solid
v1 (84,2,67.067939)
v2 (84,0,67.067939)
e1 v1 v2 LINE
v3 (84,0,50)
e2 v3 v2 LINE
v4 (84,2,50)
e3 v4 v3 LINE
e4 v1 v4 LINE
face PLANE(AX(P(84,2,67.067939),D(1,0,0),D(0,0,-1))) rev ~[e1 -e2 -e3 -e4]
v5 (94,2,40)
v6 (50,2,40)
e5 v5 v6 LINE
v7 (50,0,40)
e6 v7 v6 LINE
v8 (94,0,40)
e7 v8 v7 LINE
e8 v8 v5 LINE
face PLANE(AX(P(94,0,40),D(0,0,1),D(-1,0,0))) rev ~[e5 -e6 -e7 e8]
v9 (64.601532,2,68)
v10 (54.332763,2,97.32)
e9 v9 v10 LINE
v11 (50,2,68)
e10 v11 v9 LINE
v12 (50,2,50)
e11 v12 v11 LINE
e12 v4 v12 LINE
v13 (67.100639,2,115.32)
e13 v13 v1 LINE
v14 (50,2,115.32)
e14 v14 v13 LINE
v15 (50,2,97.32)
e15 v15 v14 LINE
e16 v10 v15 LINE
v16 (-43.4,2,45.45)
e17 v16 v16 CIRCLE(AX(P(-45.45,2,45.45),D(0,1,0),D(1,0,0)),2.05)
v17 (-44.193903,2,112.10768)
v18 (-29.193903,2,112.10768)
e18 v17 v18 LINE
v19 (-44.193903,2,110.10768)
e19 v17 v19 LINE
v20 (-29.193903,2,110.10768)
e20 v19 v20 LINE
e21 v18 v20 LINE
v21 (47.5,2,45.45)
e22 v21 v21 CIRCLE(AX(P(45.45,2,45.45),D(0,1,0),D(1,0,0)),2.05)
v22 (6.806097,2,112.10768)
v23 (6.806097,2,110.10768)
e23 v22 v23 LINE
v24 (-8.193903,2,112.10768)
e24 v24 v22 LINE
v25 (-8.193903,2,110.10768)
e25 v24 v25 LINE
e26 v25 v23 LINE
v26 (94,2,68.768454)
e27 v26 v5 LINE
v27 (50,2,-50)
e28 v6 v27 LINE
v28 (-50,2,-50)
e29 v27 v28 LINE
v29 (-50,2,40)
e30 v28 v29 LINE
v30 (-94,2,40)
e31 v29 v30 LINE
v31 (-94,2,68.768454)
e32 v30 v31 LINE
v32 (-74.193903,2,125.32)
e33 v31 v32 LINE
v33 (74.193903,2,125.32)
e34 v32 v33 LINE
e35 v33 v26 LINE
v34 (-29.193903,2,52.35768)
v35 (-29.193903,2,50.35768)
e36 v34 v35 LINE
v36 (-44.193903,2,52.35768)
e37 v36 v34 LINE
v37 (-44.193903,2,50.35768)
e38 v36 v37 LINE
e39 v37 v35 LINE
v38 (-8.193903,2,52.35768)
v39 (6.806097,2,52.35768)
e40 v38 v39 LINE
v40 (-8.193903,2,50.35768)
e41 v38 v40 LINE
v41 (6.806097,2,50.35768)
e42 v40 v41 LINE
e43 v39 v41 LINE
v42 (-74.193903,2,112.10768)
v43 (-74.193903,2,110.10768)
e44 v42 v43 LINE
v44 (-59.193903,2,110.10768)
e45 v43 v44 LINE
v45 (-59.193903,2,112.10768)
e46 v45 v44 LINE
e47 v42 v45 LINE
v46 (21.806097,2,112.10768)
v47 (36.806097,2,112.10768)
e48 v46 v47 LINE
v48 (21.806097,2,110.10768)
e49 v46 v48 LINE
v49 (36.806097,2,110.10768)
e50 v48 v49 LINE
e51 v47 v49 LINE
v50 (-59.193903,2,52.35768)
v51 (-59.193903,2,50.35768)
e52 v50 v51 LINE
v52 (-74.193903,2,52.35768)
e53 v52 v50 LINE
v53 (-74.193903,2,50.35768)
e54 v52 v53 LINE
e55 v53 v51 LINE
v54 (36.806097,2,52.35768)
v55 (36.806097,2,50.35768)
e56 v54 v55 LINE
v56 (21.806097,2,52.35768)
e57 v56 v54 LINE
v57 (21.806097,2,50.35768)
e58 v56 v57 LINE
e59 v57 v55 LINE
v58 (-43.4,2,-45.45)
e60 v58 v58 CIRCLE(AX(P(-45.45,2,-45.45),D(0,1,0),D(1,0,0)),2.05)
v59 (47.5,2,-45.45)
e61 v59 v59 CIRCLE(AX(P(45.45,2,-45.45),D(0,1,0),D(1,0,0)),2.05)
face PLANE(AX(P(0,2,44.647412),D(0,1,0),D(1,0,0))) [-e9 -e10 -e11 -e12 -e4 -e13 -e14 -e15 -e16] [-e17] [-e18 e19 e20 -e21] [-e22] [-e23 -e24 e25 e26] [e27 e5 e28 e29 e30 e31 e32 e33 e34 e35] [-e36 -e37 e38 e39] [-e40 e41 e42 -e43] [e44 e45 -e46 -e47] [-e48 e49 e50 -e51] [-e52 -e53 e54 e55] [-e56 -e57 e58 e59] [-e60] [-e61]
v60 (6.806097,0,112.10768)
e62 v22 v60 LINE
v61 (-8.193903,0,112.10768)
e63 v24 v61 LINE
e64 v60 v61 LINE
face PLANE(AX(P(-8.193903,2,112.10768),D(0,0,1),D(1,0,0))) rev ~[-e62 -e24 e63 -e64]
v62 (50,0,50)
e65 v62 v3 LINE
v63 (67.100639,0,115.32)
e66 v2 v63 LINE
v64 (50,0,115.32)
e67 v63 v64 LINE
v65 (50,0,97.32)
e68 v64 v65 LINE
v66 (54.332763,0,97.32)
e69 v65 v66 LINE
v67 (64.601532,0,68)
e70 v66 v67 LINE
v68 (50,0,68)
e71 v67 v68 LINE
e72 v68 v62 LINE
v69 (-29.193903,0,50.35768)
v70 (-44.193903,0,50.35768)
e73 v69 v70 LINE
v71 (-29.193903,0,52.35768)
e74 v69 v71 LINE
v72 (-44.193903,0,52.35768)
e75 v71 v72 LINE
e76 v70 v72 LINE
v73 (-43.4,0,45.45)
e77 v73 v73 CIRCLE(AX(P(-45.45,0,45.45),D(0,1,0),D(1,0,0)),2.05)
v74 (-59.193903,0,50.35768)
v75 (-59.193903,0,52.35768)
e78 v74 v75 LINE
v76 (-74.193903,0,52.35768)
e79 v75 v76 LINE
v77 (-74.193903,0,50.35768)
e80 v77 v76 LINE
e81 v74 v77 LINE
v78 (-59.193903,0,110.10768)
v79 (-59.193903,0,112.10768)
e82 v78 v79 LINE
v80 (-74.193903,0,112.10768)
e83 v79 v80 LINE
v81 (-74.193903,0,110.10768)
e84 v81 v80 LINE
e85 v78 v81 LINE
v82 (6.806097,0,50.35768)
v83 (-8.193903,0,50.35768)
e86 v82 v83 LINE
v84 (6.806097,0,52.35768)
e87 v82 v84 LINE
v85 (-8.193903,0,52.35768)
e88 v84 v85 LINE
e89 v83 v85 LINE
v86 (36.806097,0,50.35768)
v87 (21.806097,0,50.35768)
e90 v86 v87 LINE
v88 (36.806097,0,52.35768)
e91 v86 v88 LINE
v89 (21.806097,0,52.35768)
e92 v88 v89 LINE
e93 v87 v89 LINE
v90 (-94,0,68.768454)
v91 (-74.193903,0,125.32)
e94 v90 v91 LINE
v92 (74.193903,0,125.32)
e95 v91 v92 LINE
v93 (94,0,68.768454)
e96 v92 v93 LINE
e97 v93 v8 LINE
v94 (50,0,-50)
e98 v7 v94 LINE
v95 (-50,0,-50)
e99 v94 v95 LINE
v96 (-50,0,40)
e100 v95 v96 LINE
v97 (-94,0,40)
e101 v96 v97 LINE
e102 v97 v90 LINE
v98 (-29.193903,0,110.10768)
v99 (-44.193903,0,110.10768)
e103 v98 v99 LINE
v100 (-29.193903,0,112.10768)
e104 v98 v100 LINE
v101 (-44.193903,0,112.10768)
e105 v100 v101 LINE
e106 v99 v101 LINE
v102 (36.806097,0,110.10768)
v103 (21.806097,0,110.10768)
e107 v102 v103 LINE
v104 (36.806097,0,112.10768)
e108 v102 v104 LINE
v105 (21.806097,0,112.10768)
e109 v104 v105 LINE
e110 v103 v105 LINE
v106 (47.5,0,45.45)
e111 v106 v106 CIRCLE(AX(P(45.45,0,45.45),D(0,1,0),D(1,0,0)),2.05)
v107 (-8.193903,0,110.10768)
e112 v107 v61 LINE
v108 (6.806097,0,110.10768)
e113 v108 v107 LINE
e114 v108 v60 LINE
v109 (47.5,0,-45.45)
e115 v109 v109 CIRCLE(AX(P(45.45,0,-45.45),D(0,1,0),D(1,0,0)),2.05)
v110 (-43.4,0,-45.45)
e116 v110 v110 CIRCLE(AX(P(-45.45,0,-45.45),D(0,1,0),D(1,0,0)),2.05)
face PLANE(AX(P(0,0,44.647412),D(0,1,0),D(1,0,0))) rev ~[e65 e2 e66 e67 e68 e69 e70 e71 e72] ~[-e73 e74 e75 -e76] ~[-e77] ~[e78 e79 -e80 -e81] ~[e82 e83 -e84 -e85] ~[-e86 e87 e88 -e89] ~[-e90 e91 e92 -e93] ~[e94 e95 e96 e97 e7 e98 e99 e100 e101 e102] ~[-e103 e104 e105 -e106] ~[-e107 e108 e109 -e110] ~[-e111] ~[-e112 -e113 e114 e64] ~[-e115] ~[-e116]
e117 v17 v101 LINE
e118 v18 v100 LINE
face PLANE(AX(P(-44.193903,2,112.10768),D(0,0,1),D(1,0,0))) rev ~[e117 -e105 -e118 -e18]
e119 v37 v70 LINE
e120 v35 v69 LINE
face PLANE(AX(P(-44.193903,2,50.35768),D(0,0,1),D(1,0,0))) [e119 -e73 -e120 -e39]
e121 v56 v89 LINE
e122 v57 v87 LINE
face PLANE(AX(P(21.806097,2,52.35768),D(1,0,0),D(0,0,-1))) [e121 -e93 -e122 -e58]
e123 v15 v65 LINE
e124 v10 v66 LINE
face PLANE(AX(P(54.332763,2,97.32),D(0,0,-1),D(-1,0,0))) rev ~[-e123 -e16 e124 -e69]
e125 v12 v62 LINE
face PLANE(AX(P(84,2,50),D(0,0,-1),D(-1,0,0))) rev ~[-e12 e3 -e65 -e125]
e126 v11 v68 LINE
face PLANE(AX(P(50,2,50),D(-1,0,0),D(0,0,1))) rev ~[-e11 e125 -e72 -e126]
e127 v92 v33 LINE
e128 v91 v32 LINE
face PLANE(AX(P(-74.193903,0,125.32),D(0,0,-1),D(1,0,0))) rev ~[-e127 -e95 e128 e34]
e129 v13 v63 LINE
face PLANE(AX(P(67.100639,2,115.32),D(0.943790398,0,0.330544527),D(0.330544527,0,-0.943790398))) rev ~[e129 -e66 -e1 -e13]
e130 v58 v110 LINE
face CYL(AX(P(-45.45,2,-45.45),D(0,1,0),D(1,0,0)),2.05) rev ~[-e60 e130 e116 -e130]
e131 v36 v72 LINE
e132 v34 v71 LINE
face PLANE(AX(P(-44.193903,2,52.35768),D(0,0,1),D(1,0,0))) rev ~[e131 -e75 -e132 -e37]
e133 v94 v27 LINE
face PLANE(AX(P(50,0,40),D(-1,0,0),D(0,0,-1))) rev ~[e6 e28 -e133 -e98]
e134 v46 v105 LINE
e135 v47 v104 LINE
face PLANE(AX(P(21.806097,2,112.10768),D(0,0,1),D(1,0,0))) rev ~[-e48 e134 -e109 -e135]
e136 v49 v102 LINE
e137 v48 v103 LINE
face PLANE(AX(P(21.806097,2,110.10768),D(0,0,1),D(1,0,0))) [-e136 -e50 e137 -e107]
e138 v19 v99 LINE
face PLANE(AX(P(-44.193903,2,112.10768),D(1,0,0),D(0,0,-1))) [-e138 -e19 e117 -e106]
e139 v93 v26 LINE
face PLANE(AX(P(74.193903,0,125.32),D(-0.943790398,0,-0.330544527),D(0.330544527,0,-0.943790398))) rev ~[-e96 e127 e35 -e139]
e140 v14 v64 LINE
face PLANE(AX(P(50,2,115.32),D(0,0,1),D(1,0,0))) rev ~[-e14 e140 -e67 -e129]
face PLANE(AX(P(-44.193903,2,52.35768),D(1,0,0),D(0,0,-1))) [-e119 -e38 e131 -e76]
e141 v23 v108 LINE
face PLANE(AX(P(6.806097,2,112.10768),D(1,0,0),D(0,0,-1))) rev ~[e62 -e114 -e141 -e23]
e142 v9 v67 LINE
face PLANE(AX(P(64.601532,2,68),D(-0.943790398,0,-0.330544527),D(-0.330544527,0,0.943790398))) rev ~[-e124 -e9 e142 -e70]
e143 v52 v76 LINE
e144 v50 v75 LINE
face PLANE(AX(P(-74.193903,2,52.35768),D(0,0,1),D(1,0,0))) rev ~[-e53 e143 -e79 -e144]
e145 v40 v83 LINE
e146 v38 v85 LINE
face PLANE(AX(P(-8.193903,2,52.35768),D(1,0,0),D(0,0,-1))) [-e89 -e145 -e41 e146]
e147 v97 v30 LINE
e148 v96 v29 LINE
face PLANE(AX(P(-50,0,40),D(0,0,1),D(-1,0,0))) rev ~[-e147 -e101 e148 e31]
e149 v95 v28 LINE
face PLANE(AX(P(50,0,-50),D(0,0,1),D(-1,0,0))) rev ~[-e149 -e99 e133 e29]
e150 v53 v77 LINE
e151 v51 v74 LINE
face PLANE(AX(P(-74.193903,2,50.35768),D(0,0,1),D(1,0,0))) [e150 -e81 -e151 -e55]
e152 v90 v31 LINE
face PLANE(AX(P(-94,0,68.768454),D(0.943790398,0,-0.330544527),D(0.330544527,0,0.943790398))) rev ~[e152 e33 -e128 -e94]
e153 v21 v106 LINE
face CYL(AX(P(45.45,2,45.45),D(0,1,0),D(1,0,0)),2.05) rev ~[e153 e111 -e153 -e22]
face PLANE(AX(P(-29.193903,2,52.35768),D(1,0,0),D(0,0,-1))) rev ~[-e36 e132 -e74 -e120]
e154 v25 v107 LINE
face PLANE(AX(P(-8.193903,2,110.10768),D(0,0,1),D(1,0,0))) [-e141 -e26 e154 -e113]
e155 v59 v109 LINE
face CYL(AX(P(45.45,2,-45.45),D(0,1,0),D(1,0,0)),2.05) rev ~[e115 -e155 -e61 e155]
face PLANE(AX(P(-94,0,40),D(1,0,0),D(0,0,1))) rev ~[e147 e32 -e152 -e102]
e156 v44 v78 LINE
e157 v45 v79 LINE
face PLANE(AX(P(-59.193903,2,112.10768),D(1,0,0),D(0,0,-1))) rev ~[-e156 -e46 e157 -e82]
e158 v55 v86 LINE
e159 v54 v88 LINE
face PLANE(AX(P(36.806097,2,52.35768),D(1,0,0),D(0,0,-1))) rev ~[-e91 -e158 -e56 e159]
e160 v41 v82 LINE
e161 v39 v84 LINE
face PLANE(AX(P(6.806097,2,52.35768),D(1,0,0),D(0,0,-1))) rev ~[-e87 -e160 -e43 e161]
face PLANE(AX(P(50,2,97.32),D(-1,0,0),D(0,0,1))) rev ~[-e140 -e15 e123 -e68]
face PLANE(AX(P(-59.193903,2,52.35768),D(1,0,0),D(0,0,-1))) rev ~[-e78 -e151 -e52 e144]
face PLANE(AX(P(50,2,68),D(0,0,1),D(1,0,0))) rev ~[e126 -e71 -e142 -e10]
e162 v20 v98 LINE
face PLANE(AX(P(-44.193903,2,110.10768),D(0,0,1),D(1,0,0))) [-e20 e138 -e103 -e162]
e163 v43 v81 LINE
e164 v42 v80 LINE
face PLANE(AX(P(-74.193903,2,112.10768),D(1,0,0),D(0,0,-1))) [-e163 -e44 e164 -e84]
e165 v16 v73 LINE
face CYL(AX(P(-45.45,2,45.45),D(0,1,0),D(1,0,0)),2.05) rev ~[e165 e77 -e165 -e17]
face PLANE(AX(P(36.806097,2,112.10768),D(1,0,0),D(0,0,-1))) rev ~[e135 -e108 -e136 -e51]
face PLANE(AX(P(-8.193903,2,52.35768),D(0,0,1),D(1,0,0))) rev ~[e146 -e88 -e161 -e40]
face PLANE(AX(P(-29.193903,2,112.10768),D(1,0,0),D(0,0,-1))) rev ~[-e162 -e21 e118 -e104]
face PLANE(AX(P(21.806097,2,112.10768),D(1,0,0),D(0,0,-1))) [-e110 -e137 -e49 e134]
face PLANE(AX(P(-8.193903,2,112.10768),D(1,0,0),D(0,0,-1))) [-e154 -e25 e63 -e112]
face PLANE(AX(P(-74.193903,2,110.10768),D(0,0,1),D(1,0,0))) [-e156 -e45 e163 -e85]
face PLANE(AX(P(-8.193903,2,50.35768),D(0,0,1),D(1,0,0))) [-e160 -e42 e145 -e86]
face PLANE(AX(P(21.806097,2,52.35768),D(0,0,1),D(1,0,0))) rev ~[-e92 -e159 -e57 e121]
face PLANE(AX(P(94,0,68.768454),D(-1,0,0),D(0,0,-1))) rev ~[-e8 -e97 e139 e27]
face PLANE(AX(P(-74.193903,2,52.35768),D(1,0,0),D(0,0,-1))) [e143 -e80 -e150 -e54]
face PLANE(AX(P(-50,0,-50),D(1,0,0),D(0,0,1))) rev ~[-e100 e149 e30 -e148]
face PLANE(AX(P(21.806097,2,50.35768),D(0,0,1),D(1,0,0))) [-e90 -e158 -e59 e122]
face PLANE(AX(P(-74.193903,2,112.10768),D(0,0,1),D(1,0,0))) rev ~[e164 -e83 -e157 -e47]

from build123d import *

# Parameters (mm, degrees)
SALIENTE_EXTRUIR1_DEPTH = 2
CROQUIS2_R              = 2.05
CORTAR_EXTRUIR1_DEPTH   = 3
CORTAR_EXTRUIR3_REACH   = 4
CORTAR_EXTRUIR4_REACH   = 4
CROQUIS5_W              = 15
CROQUIS5_H              = 2


with BuildPart() as part:
    # Croquis1 → Saliente-Extruir1 (new body)
    with BuildSketch(Plane(origin=(0, 0, 0), x_dir=(1, 0, 0), z_dir=(0, 1, 0))):
        Polygon((94, -40), (50, -40), (50, 50), (-50, 50), (-50, -40), (-94, -40), (-94, -68.768453788), (-74.193903104, -125.32), (74.193903104, -125.32), (94, -68.768453788), align=None)
    extrude(amount=SALIENTE_EXTRUIR1_DEPTH)

    # Croquis2 → Cortar-Extruir1 (cut, through all)
    with BuildSketch(Plane(origin=(0, 2, 0), x_dir=(1, 0, 0), z_dir=(0, 1, 0))):
        with Locations((-45.45, -45.45)):
            Circle(CROQUIS2_R)
        with Locations((45.45, -45.45)):
            Circle(CROQUIS2_R)
        with Locations((-45.45, 45.45)):
            Circle(CROQUIS2_R)
        with Locations((45.45, 45.45)):
            Circle(CROQUIS2_R)
    extrude(amount=-CORTAR_EXTRUIR1_DEPTH, mode=Mode.SUBTRACT)

    # Croquis4 → Cortar-Extruir3 (cut, up to next)
    with BuildSketch(Plane(origin=(0, 2, 0), x_dir=(1, 0, 0), z_dir=(0, 1, 0)), mode=Mode.PRIVATE) as cortar_extruir3_sk1:
        Polygon((50, -68), (64.601532017, -68), (54.332763081, -97.32), (50, -97.32), (50, -115.32), (67.10063881, -115.32), (84, -67.067938511), (84, -50), (50, -50), align=None)
    cortar_extruir3_tool1 = extrude(cortar_extruir3_sk1.sketch, amount=-CORTAR_EXTRUIR3_REACH, mode=Mode.PRIVATE) & part.part
    add(cortar_extruir3_tool1.solids().sort_by_distance((66.115396, 2, 78.737968))[0], mode=Mode.SUBTRACT)

    # Croquis5 → Cortar-Extruir4 (cut, up to next)
    with BuildSketch(Plane(origin=(0, 2, 0), x_dir=(1, 0, 0), z_dir=(0, 1, 0)), mode=Mode.PRIVATE) as cortar_extruir4_sk1:
        with Locations((29.306096896, -51.35767988)):
            Rectangle(CROQUIS5_W, CROQUIS5_H)
    cortar_extruir4_tool1 = extrude(cortar_extruir4_sk1.sketch, amount=-CORTAR_EXTRUIR4_REACH, mode=Mode.PRIVATE) & part.part
    add(cortar_extruir4_tool1.solids().sort_by_distance((29.306097, 2, 51.35768))[0], mode=Mode.SUBTRACT)
    # Croquis5 → Cortar-Extruir4 (cut, up to next)
    with BuildSketch(Plane(origin=(0, 2, 0), x_dir=(1, 0, 0), z_dir=(0, 1, 0)), mode=Mode.PRIVATE) as cortar_extruir4_sk2:
        with Locations((-66.693903104, -51.35767988)):
            Rectangle(CROQUIS5_W, CROQUIS5_H)
    cortar_extruir4_tool2 = extrude(cortar_extruir4_sk2.sketch, amount=-CORTAR_EXTRUIR4_REACH, mode=Mode.PRIVATE) & part.part
    add(cortar_extruir4_tool2.solids().sort_by_distance((-66.693903, 2, 51.35768))[0], mode=Mode.SUBTRACT)
    # Croquis5 → Cortar-Extruir4 (cut, up to next)
    with BuildSketch(Plane(origin=(0, 2, 0), x_dir=(1, 0, 0), z_dir=(0, 1, 0)), mode=Mode.PRIVATE) as cortar_extruir4_sk3:
        with Locations((-36.693903104, -51.35767988)):
            Rectangle(CROQUIS5_W, CROQUIS5_H)
    cortar_extruir4_tool3 = extrude(cortar_extruir4_sk3.sketch, amount=-CORTAR_EXTRUIR4_REACH, mode=Mode.PRIVATE) & part.part
    add(cortar_extruir4_tool3.solids().sort_by_distance((-36.693903, 2, 51.35768))[0], mode=Mode.SUBTRACT)
    # Croquis5 → Cortar-Extruir4 (cut, up to next)
    with BuildSketch(Plane(origin=(0, 2, 0), x_dir=(1, 0, 0), z_dir=(0, 1, 0)), mode=Mode.PRIVATE) as cortar_extruir4_sk4:
        with Locations((-0.693903104, -51.35767988)):
            Rectangle(CROQUIS5_W, CROQUIS5_H)
    cortar_extruir4_tool4 = extrude(cortar_extruir4_sk4.sketch, amount=-CORTAR_EXTRUIR4_REACH, mode=Mode.PRIVATE) & part.part
    add(cortar_extruir4_tool4.solids().sort_by_distance((-0.693903, 2, 51.35768))[0], mode=Mode.SUBTRACT)
    # Croquis5 → Cortar-Extruir4 (cut, up to next)
    with BuildSketch(Plane(origin=(0, 2, 0), x_dir=(1, 0, 0), z_dir=(0, 1, 0)), mode=Mode.PRIVATE) as cortar_extruir4_sk5:
        with Locations((-66.693903104, -111.10767988)):
            Rectangle(CROQUIS5_W, CROQUIS5_H)
    cortar_extruir4_tool5 = extrude(cortar_extruir4_sk5.sketch, amount=-CORTAR_EXTRUIR4_REACH, mode=Mode.PRIVATE) & part.part
    add(cortar_extruir4_tool5.solids().sort_by_distance((-66.693903, 2, 111.10768))[0], mode=Mode.SUBTRACT)
    # Croquis5 → Cortar-Extruir4 (cut, up to next)
    with BuildSketch(Plane(origin=(0, 2, 0), x_dir=(1, 0, 0), z_dir=(0, 1, 0)), mode=Mode.PRIVATE) as cortar_extruir4_sk6:
        with Locations((-36.693903104, -111.10767988)):
            Rectangle(CROQUIS5_W, CROQUIS5_H)
    cortar_extruir4_tool6 = extrude(cortar_extruir4_sk6.sketch, amount=-CORTAR_EXTRUIR4_REACH, mode=Mode.PRIVATE) & part.part
    add(cortar_extruir4_tool6.solids().sort_by_distance((-36.693903, 2, 111.10768))[0], mode=Mode.SUBTRACT)
    # Croquis5 → Cortar-Extruir4 (cut, up to next)
    with BuildSketch(Plane(origin=(0, 2, 0), x_dir=(1, 0, 0), z_dir=(0, 1, 0)), mode=Mode.PRIVATE) as cortar_extruir4_sk7:
        with Locations((-0.693903104, -111.10767988)):
            Rectangle(CROQUIS5_W, CROQUIS5_H)
    cortar_extruir4_tool7 = extrude(cortar_extruir4_sk7.sketch, amount=-CORTAR_EXTRUIR4_REACH, mode=Mode.PRIVATE) & part.part
    add(cortar_extruir4_tool7.solids().sort_by_distance((-0.693903, 2, 111.10768))[0], mode=Mode.SUBTRACT)
    # Croquis5 → Cortar-Extruir4 (cut, up to next)
    with BuildSketch(Plane(origin=(0, 2, 0), x_dir=(1, 0, 0), z_dir=(0, 1, 0)), mode=Mode.PRIVATE) as cortar_extruir4_sk8:
        with Locations((29.306096896, -111.10767988)):
            Rectangle(CROQUIS5_W, CROQUIS5_H)
    cortar_extruir4_tool8 = extrude(cortar_extruir4_sk8.sketch, amount=-CORTAR_EXTRUIR4_REACH, mode=Mode.PRIVATE) & part.part
    add(cortar_extruir4_tool8.solids().sort_by_distance((29.306097, 2, 111.10768))[0], mode=Mode.SUBTRACT)


solid = part.part
